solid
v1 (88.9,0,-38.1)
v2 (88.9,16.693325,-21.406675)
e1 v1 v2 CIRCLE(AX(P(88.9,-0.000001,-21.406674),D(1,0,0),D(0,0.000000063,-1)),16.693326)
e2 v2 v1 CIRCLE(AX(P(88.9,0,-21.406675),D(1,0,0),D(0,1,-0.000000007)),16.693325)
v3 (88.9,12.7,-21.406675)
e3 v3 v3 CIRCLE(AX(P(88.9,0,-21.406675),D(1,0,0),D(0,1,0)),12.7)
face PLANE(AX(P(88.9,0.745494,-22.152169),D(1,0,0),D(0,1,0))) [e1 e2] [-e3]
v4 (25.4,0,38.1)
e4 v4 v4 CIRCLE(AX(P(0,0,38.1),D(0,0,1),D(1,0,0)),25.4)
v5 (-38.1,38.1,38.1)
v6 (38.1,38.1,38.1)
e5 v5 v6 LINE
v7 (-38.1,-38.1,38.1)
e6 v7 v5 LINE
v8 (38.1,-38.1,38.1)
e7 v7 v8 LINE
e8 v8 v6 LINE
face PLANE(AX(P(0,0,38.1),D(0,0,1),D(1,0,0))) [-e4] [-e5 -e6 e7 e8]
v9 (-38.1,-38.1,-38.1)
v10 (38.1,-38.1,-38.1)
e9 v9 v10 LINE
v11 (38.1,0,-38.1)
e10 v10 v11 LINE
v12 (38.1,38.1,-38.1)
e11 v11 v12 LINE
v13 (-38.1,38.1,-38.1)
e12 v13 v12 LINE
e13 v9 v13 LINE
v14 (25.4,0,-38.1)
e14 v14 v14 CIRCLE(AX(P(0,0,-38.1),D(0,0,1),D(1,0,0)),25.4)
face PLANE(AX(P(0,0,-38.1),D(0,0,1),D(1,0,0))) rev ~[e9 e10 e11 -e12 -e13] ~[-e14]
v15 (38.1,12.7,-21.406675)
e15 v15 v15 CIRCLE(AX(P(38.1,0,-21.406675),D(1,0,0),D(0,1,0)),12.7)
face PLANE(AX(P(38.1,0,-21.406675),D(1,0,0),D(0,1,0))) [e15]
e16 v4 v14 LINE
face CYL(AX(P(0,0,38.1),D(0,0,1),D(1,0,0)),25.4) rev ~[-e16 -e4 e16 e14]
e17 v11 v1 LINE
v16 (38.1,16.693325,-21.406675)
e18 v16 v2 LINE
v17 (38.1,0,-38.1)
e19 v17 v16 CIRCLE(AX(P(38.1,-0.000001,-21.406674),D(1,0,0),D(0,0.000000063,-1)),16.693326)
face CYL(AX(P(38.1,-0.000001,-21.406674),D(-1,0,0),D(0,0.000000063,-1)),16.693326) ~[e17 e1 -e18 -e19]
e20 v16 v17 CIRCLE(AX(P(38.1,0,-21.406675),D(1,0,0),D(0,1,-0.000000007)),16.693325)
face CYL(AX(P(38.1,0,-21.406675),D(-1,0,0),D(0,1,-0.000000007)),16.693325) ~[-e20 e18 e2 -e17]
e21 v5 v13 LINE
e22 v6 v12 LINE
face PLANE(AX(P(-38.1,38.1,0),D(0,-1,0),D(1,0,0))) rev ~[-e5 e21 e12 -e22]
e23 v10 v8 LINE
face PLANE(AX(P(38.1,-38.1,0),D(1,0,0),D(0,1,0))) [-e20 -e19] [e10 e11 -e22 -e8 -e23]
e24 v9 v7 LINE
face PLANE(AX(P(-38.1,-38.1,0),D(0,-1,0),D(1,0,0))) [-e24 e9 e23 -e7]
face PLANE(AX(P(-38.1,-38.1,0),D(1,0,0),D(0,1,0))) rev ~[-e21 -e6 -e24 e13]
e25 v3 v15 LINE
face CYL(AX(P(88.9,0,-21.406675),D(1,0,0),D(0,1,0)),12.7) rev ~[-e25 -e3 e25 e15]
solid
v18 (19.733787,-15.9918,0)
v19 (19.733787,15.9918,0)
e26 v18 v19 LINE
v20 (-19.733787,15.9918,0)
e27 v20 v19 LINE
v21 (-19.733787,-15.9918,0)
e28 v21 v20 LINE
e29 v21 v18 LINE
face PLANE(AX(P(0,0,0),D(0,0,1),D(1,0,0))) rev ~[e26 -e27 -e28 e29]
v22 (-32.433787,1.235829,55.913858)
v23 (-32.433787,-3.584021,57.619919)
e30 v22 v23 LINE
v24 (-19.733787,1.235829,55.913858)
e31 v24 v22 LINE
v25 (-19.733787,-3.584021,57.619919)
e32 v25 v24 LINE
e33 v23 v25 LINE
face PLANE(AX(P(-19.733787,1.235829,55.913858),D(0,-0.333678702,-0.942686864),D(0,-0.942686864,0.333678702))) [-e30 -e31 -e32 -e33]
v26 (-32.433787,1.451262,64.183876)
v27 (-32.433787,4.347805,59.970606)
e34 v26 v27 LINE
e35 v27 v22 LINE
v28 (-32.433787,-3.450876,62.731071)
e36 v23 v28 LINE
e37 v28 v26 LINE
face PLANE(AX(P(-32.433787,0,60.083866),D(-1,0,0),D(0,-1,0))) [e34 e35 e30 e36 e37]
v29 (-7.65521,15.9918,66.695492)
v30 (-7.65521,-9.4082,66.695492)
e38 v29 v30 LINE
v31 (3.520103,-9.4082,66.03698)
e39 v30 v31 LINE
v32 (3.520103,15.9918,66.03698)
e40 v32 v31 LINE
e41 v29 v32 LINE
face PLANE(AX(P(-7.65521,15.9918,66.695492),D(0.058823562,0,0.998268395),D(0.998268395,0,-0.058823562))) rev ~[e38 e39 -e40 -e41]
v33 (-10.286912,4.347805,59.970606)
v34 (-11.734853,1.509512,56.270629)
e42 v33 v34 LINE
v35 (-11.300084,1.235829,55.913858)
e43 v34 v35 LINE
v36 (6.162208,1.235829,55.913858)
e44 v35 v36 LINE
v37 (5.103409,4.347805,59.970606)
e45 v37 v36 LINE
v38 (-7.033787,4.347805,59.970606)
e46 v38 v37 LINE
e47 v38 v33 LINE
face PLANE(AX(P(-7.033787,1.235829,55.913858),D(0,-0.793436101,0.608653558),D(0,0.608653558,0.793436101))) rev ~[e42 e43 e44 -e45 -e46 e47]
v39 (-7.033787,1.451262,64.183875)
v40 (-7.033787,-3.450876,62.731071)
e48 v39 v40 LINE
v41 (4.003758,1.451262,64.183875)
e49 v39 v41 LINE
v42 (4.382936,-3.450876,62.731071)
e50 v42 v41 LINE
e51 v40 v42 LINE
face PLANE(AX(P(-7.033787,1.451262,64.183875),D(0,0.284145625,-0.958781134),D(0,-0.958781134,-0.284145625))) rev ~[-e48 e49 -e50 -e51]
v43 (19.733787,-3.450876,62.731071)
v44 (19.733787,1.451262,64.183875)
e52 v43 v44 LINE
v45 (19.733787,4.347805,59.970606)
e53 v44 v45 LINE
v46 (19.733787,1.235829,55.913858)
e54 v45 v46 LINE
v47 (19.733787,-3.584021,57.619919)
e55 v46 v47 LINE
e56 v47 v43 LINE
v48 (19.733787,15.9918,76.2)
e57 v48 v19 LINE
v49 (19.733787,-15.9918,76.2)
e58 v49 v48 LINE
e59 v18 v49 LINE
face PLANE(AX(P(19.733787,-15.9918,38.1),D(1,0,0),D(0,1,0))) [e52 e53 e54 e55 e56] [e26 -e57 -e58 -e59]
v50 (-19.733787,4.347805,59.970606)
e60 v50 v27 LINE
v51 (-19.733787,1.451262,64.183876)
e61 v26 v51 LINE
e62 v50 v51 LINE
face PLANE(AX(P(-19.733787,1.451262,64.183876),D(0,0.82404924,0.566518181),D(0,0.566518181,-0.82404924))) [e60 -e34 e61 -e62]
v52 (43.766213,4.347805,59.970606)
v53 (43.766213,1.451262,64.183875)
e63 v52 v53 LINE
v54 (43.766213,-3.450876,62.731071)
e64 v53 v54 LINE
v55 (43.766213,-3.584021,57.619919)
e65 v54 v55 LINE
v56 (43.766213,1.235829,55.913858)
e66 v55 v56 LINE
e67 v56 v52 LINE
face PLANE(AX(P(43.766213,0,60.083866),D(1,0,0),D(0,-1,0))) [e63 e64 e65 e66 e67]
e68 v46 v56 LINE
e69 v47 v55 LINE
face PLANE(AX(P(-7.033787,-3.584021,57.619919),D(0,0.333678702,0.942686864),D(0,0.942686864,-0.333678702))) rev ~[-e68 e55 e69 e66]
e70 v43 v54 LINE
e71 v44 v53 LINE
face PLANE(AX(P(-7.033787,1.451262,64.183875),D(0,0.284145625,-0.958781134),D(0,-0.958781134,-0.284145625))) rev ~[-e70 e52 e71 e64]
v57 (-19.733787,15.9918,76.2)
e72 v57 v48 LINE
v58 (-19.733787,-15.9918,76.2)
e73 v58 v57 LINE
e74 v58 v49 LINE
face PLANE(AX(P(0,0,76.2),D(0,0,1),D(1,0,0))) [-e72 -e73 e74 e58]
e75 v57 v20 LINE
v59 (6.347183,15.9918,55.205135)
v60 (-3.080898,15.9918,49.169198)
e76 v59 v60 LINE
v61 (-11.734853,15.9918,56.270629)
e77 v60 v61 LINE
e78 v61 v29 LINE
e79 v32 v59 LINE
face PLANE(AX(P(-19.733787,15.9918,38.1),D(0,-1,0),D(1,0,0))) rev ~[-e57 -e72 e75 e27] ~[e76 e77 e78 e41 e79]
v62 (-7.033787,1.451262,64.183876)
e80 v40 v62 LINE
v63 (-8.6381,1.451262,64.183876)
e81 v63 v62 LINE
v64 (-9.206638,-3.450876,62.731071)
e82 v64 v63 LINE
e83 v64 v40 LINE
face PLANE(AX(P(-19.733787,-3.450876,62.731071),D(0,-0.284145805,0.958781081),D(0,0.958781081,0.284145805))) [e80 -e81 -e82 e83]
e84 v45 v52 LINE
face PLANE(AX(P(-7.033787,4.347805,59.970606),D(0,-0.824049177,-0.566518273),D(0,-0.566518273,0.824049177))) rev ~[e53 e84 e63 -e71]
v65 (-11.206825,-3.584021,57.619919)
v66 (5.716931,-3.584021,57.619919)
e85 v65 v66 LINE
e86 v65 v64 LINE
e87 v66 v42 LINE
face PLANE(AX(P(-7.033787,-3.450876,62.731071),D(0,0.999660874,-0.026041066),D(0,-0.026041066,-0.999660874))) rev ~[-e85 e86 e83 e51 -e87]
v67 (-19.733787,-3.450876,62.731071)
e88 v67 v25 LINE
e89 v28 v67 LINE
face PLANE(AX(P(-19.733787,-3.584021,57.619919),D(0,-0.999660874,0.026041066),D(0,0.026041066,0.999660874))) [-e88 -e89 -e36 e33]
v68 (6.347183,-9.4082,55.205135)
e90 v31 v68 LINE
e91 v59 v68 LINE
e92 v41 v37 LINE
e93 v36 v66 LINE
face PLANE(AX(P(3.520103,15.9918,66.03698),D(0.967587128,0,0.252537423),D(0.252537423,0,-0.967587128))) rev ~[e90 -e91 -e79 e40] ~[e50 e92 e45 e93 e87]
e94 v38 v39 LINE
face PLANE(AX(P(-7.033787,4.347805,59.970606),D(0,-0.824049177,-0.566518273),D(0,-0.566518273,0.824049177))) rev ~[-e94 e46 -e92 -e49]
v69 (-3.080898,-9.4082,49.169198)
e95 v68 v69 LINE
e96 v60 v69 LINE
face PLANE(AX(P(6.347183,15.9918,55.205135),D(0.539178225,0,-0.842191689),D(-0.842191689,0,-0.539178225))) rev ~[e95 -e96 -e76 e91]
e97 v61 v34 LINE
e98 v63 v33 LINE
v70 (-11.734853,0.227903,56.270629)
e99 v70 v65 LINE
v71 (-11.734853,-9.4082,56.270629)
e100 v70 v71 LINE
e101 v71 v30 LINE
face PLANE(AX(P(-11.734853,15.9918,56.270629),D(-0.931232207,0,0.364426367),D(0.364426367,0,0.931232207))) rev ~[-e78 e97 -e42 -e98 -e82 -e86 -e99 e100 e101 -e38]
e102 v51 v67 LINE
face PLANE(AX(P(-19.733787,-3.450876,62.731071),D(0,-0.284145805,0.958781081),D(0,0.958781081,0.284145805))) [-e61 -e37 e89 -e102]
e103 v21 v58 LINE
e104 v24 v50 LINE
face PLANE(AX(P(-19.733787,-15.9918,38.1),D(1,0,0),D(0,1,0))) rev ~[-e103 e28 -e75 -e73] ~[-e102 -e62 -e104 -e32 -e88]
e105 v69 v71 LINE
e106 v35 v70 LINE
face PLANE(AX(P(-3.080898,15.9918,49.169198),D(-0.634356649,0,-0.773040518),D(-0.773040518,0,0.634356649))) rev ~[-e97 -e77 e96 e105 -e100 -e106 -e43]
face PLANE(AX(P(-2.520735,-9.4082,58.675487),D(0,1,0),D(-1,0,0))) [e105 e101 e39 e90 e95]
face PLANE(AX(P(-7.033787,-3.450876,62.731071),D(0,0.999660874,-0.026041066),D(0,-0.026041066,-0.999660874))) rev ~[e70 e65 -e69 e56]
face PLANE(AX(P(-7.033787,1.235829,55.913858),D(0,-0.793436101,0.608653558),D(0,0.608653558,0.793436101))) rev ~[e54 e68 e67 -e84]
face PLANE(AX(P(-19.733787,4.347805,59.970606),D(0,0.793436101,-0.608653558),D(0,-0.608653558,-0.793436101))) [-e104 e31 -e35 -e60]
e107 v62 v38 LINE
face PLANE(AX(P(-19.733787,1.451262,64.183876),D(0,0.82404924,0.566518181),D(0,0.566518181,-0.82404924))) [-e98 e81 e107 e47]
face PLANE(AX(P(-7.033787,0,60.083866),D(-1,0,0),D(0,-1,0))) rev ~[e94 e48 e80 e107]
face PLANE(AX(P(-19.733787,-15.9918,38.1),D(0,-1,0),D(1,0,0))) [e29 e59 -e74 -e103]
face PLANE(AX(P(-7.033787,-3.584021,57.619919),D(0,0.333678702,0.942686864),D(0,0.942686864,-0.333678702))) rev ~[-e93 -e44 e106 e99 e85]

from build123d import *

# Parameters (mm, degrees)
F0_W      = 76.2
F0_H      = 76.2
F1_DEPTH  = 38.1
F2_R      = 25.4
F3_DEPTH  = 76.201
F4_W      = 39.467574
F4_H      = 31.9836
F5_DEPTH  = 38.1
F7_DEPTH  = 25.4
F9_DEPTH  = 12.7
F10_DEPTH = 50.8
F12_DEPTH = 50.8
F13_R     = 12.7
F14_DEPTH = 50.8


with BuildPart() as f1:
    # F0 (on Top) → F1 (new body, symmetric)
    with BuildSketch(Plane.XY):
        Rectangle(F0_W, F0_H)
    extrude(amount=F1_DEPTH, both=True)

    # F2 (on face) → F3 (cut, through all)
    with BuildSketch(Plane.XY.offset(38.1)):
        Circle(F2_R)
    extrude(amount=-F3_DEPTH, mode=Mode.SUBTRACT)

    # F11 (on face) → F12 (join)
    with BuildSketch(Plane.YZ.offset(38.1)):
        with BuildLine():
            ThreePointArc((0, -38.1), (11.803963, -33.210638), (16.693325, -21.406675))
            ThreePointArc((16.693325, -21.406675), (-11.803963, -9.602711), (0, -38.1))
        make_face()
    extrude(amount=F12_DEPTH)

    # F13 (on face) → F14 (cut)
    with BuildSketch(Plane.YZ.offset(88.9)):
        with Locations((0, -21.406675)):
            Circle(F13_R)
    extrude(amount=-F14_DEPTH, mode=Mode.SUBTRACT)


with BuildPart() as f5:
    # F4 (on face) → F5 (new body, symmetric)
    with BuildSketch(Plane.XY.offset(38.1)):
        Rectangle(F4_W, F4_H)
    extrude(amount=F5_DEPTH, both=True)

    # F6 (on face) → F7 (cut)
    with BuildSketch(Plane(origin=(0, 15.9918, 0), x_dir=(-1, 0, 0), z_dir=(0, 1, 0))):
        Polygon((-6.347183, 55.205135), (3.080898, 49.169198), (11.734853, 56.270629), (7.65521, 66.695492), (-3.520103, 66.03698), align=None)
    extrude(amount=-F7_DEPTH, mode=Mode.SUBTRACT)

    # F8 (on face) → F9 (join, symmetric)
    with BuildSketch(Plane(origin=(-19.733787, 0, 0), x_dir=(0, -1, 0), z_dir=(-1, 0, 0))):
        Polygon((-1.451262, 64.183876), (-4.347805, 59.970606), (-1.235829, 55.913858), (3.584021, 57.619919), (3.450876, 62.731071), align=None)
    extrude(amount=F9_DEPTH, both=True)

    # F9_face (on face) → F10 (join)
    with BuildSketch(Plane(origin=(-7.033787, 0, 60.083866), x_dir=(0, -1, 0), z_dir=(1, 0, 0))):
        Polygon((3.450876, -2.647205), (3.584021, 2.463947), (-1.235829, 4.170008), (-4.347805, 0.11326), (-1.451262, -4.100009), align=None)
    extrude(amount=F10_DEPTH)


solid = Compound([f1.part, f5.part])
